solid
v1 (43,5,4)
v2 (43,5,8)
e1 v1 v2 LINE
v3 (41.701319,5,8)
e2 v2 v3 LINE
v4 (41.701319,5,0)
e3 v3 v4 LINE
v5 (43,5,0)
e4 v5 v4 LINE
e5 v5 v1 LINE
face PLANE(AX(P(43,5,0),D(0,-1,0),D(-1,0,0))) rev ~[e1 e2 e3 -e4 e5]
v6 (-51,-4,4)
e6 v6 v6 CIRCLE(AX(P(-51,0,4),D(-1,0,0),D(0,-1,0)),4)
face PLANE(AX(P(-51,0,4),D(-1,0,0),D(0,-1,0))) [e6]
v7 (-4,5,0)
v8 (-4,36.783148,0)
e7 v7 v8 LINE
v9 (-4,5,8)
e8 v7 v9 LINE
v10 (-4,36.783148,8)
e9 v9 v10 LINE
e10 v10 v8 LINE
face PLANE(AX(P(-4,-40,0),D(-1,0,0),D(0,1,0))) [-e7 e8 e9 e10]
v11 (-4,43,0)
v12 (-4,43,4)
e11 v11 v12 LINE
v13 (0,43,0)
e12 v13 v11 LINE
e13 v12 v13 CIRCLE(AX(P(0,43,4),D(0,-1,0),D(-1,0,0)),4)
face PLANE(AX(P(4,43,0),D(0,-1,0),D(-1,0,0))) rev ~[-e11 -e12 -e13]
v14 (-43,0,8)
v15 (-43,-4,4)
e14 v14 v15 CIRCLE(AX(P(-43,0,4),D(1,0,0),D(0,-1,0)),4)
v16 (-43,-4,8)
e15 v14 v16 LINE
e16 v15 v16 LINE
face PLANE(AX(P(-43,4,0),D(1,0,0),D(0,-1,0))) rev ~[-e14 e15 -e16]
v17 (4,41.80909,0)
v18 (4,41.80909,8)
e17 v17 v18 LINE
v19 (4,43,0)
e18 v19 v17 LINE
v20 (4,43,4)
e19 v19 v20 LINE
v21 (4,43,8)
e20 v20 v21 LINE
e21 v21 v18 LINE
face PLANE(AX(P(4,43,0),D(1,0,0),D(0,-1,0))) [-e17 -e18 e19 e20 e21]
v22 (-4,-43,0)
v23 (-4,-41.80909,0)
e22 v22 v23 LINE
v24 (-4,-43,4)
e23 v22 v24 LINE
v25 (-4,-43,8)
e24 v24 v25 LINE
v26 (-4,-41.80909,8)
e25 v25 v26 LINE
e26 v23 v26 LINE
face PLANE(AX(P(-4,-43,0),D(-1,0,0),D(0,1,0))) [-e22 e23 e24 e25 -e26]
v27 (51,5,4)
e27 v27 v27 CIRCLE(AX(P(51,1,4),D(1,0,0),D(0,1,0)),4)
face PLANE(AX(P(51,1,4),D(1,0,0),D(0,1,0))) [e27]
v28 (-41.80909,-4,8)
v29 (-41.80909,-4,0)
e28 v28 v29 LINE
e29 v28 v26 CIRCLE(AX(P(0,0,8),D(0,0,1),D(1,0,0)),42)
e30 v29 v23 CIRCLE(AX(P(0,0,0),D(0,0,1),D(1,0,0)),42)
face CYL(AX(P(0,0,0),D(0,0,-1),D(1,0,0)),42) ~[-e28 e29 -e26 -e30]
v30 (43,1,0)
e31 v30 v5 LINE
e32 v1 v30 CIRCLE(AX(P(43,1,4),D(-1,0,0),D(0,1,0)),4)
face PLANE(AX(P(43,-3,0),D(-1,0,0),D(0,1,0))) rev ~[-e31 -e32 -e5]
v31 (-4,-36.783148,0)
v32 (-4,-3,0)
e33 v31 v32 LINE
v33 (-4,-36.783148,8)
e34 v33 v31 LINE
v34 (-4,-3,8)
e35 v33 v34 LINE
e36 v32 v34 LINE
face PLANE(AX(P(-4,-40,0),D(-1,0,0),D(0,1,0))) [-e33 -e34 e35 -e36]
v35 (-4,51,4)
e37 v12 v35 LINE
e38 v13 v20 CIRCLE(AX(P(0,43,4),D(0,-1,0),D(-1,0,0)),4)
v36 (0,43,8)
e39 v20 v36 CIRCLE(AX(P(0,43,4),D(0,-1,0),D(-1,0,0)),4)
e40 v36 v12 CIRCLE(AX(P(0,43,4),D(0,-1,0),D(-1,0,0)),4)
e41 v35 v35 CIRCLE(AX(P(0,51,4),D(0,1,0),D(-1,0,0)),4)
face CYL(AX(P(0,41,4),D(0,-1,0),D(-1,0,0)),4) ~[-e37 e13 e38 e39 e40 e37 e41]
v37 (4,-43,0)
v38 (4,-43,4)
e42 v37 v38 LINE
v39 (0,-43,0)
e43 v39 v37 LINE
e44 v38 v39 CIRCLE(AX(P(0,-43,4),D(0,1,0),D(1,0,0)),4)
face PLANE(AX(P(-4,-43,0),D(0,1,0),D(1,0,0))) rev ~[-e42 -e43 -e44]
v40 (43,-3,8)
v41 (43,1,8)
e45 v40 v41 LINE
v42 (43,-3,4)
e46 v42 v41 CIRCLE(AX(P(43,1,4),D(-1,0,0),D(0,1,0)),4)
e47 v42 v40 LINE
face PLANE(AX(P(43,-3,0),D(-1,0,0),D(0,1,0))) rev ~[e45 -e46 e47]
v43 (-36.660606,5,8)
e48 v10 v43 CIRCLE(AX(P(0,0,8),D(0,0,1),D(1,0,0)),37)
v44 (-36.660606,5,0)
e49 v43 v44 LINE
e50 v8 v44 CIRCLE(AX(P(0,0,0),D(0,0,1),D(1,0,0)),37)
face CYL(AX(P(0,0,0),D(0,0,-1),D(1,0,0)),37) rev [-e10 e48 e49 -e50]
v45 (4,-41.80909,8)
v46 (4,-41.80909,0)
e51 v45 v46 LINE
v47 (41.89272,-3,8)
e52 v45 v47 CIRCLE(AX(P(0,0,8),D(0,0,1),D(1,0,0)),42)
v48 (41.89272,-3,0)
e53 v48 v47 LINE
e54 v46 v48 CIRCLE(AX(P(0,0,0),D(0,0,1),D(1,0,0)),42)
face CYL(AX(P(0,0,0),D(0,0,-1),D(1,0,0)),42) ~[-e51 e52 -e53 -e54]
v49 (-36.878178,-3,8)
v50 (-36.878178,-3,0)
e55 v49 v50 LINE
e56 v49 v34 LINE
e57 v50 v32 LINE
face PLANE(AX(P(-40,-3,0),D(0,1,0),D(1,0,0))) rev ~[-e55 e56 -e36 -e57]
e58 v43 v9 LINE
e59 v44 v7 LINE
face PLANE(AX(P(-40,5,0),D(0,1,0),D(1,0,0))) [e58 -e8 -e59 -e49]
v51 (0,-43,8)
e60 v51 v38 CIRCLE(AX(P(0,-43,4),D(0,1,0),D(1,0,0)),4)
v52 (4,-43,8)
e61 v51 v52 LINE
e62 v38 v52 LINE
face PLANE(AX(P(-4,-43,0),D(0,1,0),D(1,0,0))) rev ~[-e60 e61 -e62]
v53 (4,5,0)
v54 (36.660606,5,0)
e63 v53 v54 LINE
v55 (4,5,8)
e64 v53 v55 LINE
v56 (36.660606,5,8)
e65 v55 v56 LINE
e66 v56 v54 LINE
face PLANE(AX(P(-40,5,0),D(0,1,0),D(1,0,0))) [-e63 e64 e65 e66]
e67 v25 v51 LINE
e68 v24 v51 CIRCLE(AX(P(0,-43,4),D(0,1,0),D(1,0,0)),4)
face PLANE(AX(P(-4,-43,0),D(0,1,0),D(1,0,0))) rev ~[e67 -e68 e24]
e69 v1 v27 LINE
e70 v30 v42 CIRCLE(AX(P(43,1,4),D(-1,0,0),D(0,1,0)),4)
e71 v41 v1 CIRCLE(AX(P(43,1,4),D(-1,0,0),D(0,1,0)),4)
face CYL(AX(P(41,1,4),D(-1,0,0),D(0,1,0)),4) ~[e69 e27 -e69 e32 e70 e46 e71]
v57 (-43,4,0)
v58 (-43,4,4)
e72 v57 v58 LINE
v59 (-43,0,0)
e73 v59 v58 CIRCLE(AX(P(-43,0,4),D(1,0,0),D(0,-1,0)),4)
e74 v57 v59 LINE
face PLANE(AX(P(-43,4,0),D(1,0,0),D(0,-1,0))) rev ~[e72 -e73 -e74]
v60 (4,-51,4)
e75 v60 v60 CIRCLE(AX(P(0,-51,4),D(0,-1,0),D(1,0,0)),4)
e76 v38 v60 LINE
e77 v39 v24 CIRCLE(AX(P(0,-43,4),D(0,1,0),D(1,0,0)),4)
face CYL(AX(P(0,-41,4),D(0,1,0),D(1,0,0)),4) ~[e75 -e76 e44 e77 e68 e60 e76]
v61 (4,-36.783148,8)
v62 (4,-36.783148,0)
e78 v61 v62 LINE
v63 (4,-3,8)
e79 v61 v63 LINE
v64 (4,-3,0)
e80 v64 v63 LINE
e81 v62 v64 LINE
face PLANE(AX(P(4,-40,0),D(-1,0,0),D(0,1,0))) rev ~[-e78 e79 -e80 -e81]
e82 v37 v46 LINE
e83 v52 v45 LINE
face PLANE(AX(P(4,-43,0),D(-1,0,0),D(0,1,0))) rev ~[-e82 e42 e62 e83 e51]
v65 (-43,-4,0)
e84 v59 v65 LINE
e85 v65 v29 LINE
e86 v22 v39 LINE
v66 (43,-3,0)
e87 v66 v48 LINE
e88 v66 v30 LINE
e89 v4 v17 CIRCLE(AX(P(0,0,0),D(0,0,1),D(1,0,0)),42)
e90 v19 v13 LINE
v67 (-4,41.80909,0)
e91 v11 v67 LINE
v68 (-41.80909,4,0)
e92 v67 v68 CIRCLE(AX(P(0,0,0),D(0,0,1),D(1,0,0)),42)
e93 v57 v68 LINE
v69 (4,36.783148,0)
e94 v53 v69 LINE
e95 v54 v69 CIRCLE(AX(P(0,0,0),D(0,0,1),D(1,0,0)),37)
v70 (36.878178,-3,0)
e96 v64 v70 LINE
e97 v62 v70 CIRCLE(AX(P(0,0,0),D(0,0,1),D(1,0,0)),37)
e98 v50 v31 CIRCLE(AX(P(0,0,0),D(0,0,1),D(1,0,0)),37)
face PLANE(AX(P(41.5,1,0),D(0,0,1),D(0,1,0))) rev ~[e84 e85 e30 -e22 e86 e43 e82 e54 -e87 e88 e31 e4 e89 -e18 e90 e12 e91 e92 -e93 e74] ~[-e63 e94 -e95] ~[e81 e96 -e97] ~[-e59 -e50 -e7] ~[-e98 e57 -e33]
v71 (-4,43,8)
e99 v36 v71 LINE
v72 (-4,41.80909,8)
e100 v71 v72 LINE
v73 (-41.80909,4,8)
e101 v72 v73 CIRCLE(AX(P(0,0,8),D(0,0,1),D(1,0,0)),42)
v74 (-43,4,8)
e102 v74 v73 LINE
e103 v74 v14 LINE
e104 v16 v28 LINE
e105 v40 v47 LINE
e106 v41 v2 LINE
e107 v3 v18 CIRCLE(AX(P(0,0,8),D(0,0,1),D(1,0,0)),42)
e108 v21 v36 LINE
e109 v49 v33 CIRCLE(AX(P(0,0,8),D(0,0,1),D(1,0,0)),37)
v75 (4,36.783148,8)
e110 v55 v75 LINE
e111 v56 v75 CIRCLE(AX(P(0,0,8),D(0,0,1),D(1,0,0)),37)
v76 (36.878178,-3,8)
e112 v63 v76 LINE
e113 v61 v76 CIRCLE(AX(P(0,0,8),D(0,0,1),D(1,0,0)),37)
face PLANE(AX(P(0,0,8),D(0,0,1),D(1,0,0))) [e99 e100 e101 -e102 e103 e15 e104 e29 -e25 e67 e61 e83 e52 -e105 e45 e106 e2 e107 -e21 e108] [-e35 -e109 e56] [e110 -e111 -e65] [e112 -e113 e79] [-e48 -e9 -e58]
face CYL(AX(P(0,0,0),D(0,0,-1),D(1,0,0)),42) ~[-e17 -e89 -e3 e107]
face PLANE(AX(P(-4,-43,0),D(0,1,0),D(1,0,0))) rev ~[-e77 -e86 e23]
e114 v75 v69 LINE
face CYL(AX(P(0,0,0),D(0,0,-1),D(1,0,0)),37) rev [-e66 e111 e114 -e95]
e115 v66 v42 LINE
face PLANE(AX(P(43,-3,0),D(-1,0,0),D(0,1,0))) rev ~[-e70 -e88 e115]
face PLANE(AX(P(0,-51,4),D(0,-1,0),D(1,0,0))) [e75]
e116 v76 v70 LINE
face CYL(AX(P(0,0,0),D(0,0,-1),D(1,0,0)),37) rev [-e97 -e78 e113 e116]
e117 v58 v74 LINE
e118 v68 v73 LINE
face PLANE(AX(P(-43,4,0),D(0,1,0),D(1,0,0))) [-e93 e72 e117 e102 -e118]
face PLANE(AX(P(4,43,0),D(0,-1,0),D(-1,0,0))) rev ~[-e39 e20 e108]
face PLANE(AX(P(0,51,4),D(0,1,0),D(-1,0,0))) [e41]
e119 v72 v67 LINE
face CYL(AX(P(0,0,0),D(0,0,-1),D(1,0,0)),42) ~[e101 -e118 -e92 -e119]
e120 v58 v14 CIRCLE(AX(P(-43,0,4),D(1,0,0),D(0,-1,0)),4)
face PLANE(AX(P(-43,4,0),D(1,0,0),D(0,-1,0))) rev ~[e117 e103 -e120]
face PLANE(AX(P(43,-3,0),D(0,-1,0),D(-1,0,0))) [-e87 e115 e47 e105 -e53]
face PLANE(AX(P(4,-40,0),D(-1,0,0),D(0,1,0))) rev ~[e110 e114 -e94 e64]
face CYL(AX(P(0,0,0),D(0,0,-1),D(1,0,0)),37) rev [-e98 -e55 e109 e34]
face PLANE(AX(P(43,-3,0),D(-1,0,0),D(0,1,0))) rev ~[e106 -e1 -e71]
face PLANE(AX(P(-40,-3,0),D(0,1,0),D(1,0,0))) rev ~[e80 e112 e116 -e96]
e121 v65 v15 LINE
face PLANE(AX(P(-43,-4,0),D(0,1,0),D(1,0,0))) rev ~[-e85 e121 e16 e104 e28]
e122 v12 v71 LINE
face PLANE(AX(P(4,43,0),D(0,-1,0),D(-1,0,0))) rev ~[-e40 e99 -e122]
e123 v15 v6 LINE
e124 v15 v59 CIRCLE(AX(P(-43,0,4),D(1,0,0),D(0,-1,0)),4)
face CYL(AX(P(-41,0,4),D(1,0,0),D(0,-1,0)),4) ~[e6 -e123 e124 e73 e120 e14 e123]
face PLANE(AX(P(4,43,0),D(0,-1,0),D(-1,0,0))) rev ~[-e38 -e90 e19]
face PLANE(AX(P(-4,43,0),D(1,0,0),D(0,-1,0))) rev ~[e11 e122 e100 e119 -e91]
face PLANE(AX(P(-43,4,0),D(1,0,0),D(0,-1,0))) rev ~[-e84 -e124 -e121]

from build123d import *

# Parameters (mm, degrees)
CYLINDER004_R             = 4
CYLINDER004_DEPTH         = 10
CYLINDER004_ROLL_ANGLE    = 90
BOX003_W                  = 8
BOX003_H                  = 3
BOX003_DEPTH              = 8
FUSION003_PLACEMENT_ANGLE = 90
CYLINDER005_R             = 4
CYLINDER005_DEPTH         = 10
CYLINDER005_ROLL_ANGLE    = 90
BOX004_W                  = 8
BOX004_H                  = 3
BOX004_DEPTH              = 8
CYLINDER006_R             = 4
CYLINDER006_DEPTH         = 10
CYLINDER006_ROLL_ANGLE    = 90
BOX005_W                  = 8
BOX005_H                  = 3
BOX005_DEPTH              = 8
FUSION005_PLACEMENT_ANGLE = -90
BOX_W                     = 80
BOX_H                     = 8
BOX_DEPTH                 = 8
BOX_PLACEMENT_ANGLE       = 90
CYLINDER_R                = 42
CYLINDER_DEPTH            = 8
THICKNESS_T               = -5
BOX001_W                  = 80
BOX001_H                  = 8
BOX001_DEPTH              = 8
CYLINDER003_R             = 4
CYLINDER003_DEPTH         = 10
CYLINDER003_ROLL_ANGLE    = 90
BOX002_W                  = 8
BOX002_H                  = 3
BOX002_DEPTH              = 8
FUSION002_PLACEMENT_ANGLE = 180


with BuildPart() as cylinder004:
    # Cylinder004 → Cylinder004 (new body)
    with BuildSketch(Plane.XY):
        Circle(CYLINDER004_R)
    extrude(amount=CYLINDER004_DEPTH)


with BuildPart() as cylinder004_1:
    # Cylinder004 roll: moved
    add(cylinder004.part.rotate(Axis((0, 0, 0), (1, 0, 0)), CYLINDER004_ROLL_ANGLE))


with BuildPart() as cylinder004_2:
    # Cylinder004 placement: moved
    add(cylinder004_1.part.moved(Location((0, -41, 4))))


with BuildPart() as sujetabearing2:
    # Box003 → Box003 (new body)
    with BuildSketch(Plane(origin=(-4, -43, 0), x_dir=(1, 0, 0), z_dir=(0, 0, 1))):
        with Locations((4, 1.5)):
            Rectangle(BOX003_W, BOX003_H)
    extrude(amount=BOX003_DEPTH)

    # Fusion003: union Cylinder004
    add(cylinder004_2.part)


with BuildPart() as sujetabearing2_1:
    # Fusion003 placement: moved
    add(sujetabearing2.part.moved(Location((0, 1, 0))).rotate(Axis((0, 1, 0), (0, 0, 1)), FUSION003_PLACEMENT_ANGLE))


with BuildPart() as cylinder005:
    # Cylinder005 → Cylinder005 (new body)
    with BuildSketch(Plane.XY):
        Circle(CYLINDER005_R)
    extrude(amount=CYLINDER005_DEPTH)


with BuildPart() as cylinder005_1:
    # Cylinder005 roll: moved
    add(cylinder005.part.rotate(Axis((0, 0, 0), (1, 0, 0)), CYLINDER005_ROLL_ANGLE))


with BuildPart() as cylinder005_2:
    # Cylinder005 placement: moved
    add(cylinder005_1.part.moved(Location((0, -41, 4))))


with BuildPart() as sujetabearing3:
    # Box004 → Box004 (new body)
    with BuildSketch(Plane(origin=(-4, -43, 0), x_dir=(1, 0, 0), z_dir=(0, 0, 1))):
        with Locations((4, 1.5)):
            Rectangle(BOX004_W, BOX004_H)
    extrude(amount=BOX004_DEPTH)

    # Fusion004: union Cylinder005
    add(cylinder005_2.part)


with BuildPart() as cylinder006:
    # Cylinder006 → Cylinder006 (new body)
    with BuildSketch(Plane.XY):
        Circle(CYLINDER006_R)
    extrude(amount=CYLINDER006_DEPTH)


with BuildPart() as cylinder006_1:
    # Cylinder006 roll: moved
    add(cylinder006.part.rotate(Axis((0, 0, 0), (1, 0, 0)), CYLINDER006_ROLL_ANGLE))


with BuildPart() as cylinder006_2:
    # Cylinder006 placement: moved
    add(cylinder006_1.part.moved(Location((0, -41, 4))))


with BuildPart() as sujetabearing4:
    # Box005 → Box005 (new body)
    with BuildSketch(Plane(origin=(-4, -43, 0), x_dir=(1, 0, 0), z_dir=(0, 0, 1))):
        with Locations((4, 1.5)):
            Rectangle(BOX005_W, BOX005_H)
    extrude(amount=BOX005_DEPTH)

    # Fusion005: union Cylinder006
    add(cylinder006_2.part)


with BuildPart() as sujetabearing4_1:
    # Fusion005 placement: moved
    add(sujetabearing4.part.rotate(Axis((0, 0, 0), (0, 0, 1)), FUSION005_PLACEMENT_ANGLE))


with BuildPart() as cube:
    # Box → Box (new body)
    with BuildSketch(Plane.XY):
        with Locations((40, 4)):
            Rectangle(BOX_W, BOX_H)
    extrude(amount=BOX_DEPTH)


with BuildPart() as cube_1:
    # Box placement: moved
    add(cube.part.moved(Location((4, -40, 0))).rotate(Axis((4, -40, 0), (0, 0, 1)), BOX_PLACEMENT_ANGLE))


with BuildPart() as thickness:
    # Cylinder → Cylinder (new body)
    with BuildSketch(Plane.XY):
        Circle(CYLINDER_R)
    extrude(amount=CYLINDER_DEPTH)

    # Thickness
    thickness_openings = [thickness.faces().sort_by_distance(p)[0] for p in [
        (0, 0, 0),
        (0, 0, 8),
    ]]
    offset(amount=THICKNESS_T, openings=thickness_openings)


with BuildPart() as circuloycruz:
    # Box001 → Box001 (new body)
    with BuildSketch(Plane(origin=(-40, -3, 0), x_dir=(1, 0, 0), z_dir=(0, 0, 1))):
        with Locations((40, 4)):
            Rectangle(BOX001_W, BOX001_H)
    extrude(amount=BOX001_DEPTH)

    # Fusion: union Cube, Thickness
    add(cube_1.part)
    add(thickness.part)


with BuildPart() as cylinder003:
    # Cylinder003 → Cylinder003 (new body)
    with BuildSketch(Plane.XY):
        Circle(CYLINDER003_R)
    extrude(amount=CYLINDER003_DEPTH)


with BuildPart() as cylinder003_1:
    # Cylinder003 roll: moved
    add(cylinder003.part.rotate(Axis((0, 0, 0), (1, 0, 0)), CYLINDER003_ROLL_ANGLE))


with BuildPart() as cylinder003_2:
    # Cylinder003 placement: moved
    add(cylinder003_1.part.moved(Location((0, -41, 4))))


with BuildPart() as fusion006:
    # Box002 → Box002 (new body)
    with BuildSketch(Plane(origin=(-4, -43, 0), x_dir=(1, 0, 0), z_dir=(0, 0, 1))):
        with Locations((4, 1.5)):
            Rectangle(BOX002_W, BOX002_H)
    extrude(amount=BOX002_DEPTH)

    # Fusion002: union Cylinder003
    add(cylinder003_2.part)


with BuildPart() as fusion006_1:
    # Fusion002 placement: moved
    add(fusion006.part.rotate(Axis((0, 0, 0), (0, 0, 1)), FUSION002_PLACEMENT_ANGLE))

    # Fusion006: union sujetaBearing2, sujetaBearing3, sujetaBearing4, circuloYcruz
    add(sujetabearing2_1.part)
    add(sujetabearing3.part)
    add(sujetabearing4_1.part)
    add(circuloycruz.part)


solid = fusion006_1.part
